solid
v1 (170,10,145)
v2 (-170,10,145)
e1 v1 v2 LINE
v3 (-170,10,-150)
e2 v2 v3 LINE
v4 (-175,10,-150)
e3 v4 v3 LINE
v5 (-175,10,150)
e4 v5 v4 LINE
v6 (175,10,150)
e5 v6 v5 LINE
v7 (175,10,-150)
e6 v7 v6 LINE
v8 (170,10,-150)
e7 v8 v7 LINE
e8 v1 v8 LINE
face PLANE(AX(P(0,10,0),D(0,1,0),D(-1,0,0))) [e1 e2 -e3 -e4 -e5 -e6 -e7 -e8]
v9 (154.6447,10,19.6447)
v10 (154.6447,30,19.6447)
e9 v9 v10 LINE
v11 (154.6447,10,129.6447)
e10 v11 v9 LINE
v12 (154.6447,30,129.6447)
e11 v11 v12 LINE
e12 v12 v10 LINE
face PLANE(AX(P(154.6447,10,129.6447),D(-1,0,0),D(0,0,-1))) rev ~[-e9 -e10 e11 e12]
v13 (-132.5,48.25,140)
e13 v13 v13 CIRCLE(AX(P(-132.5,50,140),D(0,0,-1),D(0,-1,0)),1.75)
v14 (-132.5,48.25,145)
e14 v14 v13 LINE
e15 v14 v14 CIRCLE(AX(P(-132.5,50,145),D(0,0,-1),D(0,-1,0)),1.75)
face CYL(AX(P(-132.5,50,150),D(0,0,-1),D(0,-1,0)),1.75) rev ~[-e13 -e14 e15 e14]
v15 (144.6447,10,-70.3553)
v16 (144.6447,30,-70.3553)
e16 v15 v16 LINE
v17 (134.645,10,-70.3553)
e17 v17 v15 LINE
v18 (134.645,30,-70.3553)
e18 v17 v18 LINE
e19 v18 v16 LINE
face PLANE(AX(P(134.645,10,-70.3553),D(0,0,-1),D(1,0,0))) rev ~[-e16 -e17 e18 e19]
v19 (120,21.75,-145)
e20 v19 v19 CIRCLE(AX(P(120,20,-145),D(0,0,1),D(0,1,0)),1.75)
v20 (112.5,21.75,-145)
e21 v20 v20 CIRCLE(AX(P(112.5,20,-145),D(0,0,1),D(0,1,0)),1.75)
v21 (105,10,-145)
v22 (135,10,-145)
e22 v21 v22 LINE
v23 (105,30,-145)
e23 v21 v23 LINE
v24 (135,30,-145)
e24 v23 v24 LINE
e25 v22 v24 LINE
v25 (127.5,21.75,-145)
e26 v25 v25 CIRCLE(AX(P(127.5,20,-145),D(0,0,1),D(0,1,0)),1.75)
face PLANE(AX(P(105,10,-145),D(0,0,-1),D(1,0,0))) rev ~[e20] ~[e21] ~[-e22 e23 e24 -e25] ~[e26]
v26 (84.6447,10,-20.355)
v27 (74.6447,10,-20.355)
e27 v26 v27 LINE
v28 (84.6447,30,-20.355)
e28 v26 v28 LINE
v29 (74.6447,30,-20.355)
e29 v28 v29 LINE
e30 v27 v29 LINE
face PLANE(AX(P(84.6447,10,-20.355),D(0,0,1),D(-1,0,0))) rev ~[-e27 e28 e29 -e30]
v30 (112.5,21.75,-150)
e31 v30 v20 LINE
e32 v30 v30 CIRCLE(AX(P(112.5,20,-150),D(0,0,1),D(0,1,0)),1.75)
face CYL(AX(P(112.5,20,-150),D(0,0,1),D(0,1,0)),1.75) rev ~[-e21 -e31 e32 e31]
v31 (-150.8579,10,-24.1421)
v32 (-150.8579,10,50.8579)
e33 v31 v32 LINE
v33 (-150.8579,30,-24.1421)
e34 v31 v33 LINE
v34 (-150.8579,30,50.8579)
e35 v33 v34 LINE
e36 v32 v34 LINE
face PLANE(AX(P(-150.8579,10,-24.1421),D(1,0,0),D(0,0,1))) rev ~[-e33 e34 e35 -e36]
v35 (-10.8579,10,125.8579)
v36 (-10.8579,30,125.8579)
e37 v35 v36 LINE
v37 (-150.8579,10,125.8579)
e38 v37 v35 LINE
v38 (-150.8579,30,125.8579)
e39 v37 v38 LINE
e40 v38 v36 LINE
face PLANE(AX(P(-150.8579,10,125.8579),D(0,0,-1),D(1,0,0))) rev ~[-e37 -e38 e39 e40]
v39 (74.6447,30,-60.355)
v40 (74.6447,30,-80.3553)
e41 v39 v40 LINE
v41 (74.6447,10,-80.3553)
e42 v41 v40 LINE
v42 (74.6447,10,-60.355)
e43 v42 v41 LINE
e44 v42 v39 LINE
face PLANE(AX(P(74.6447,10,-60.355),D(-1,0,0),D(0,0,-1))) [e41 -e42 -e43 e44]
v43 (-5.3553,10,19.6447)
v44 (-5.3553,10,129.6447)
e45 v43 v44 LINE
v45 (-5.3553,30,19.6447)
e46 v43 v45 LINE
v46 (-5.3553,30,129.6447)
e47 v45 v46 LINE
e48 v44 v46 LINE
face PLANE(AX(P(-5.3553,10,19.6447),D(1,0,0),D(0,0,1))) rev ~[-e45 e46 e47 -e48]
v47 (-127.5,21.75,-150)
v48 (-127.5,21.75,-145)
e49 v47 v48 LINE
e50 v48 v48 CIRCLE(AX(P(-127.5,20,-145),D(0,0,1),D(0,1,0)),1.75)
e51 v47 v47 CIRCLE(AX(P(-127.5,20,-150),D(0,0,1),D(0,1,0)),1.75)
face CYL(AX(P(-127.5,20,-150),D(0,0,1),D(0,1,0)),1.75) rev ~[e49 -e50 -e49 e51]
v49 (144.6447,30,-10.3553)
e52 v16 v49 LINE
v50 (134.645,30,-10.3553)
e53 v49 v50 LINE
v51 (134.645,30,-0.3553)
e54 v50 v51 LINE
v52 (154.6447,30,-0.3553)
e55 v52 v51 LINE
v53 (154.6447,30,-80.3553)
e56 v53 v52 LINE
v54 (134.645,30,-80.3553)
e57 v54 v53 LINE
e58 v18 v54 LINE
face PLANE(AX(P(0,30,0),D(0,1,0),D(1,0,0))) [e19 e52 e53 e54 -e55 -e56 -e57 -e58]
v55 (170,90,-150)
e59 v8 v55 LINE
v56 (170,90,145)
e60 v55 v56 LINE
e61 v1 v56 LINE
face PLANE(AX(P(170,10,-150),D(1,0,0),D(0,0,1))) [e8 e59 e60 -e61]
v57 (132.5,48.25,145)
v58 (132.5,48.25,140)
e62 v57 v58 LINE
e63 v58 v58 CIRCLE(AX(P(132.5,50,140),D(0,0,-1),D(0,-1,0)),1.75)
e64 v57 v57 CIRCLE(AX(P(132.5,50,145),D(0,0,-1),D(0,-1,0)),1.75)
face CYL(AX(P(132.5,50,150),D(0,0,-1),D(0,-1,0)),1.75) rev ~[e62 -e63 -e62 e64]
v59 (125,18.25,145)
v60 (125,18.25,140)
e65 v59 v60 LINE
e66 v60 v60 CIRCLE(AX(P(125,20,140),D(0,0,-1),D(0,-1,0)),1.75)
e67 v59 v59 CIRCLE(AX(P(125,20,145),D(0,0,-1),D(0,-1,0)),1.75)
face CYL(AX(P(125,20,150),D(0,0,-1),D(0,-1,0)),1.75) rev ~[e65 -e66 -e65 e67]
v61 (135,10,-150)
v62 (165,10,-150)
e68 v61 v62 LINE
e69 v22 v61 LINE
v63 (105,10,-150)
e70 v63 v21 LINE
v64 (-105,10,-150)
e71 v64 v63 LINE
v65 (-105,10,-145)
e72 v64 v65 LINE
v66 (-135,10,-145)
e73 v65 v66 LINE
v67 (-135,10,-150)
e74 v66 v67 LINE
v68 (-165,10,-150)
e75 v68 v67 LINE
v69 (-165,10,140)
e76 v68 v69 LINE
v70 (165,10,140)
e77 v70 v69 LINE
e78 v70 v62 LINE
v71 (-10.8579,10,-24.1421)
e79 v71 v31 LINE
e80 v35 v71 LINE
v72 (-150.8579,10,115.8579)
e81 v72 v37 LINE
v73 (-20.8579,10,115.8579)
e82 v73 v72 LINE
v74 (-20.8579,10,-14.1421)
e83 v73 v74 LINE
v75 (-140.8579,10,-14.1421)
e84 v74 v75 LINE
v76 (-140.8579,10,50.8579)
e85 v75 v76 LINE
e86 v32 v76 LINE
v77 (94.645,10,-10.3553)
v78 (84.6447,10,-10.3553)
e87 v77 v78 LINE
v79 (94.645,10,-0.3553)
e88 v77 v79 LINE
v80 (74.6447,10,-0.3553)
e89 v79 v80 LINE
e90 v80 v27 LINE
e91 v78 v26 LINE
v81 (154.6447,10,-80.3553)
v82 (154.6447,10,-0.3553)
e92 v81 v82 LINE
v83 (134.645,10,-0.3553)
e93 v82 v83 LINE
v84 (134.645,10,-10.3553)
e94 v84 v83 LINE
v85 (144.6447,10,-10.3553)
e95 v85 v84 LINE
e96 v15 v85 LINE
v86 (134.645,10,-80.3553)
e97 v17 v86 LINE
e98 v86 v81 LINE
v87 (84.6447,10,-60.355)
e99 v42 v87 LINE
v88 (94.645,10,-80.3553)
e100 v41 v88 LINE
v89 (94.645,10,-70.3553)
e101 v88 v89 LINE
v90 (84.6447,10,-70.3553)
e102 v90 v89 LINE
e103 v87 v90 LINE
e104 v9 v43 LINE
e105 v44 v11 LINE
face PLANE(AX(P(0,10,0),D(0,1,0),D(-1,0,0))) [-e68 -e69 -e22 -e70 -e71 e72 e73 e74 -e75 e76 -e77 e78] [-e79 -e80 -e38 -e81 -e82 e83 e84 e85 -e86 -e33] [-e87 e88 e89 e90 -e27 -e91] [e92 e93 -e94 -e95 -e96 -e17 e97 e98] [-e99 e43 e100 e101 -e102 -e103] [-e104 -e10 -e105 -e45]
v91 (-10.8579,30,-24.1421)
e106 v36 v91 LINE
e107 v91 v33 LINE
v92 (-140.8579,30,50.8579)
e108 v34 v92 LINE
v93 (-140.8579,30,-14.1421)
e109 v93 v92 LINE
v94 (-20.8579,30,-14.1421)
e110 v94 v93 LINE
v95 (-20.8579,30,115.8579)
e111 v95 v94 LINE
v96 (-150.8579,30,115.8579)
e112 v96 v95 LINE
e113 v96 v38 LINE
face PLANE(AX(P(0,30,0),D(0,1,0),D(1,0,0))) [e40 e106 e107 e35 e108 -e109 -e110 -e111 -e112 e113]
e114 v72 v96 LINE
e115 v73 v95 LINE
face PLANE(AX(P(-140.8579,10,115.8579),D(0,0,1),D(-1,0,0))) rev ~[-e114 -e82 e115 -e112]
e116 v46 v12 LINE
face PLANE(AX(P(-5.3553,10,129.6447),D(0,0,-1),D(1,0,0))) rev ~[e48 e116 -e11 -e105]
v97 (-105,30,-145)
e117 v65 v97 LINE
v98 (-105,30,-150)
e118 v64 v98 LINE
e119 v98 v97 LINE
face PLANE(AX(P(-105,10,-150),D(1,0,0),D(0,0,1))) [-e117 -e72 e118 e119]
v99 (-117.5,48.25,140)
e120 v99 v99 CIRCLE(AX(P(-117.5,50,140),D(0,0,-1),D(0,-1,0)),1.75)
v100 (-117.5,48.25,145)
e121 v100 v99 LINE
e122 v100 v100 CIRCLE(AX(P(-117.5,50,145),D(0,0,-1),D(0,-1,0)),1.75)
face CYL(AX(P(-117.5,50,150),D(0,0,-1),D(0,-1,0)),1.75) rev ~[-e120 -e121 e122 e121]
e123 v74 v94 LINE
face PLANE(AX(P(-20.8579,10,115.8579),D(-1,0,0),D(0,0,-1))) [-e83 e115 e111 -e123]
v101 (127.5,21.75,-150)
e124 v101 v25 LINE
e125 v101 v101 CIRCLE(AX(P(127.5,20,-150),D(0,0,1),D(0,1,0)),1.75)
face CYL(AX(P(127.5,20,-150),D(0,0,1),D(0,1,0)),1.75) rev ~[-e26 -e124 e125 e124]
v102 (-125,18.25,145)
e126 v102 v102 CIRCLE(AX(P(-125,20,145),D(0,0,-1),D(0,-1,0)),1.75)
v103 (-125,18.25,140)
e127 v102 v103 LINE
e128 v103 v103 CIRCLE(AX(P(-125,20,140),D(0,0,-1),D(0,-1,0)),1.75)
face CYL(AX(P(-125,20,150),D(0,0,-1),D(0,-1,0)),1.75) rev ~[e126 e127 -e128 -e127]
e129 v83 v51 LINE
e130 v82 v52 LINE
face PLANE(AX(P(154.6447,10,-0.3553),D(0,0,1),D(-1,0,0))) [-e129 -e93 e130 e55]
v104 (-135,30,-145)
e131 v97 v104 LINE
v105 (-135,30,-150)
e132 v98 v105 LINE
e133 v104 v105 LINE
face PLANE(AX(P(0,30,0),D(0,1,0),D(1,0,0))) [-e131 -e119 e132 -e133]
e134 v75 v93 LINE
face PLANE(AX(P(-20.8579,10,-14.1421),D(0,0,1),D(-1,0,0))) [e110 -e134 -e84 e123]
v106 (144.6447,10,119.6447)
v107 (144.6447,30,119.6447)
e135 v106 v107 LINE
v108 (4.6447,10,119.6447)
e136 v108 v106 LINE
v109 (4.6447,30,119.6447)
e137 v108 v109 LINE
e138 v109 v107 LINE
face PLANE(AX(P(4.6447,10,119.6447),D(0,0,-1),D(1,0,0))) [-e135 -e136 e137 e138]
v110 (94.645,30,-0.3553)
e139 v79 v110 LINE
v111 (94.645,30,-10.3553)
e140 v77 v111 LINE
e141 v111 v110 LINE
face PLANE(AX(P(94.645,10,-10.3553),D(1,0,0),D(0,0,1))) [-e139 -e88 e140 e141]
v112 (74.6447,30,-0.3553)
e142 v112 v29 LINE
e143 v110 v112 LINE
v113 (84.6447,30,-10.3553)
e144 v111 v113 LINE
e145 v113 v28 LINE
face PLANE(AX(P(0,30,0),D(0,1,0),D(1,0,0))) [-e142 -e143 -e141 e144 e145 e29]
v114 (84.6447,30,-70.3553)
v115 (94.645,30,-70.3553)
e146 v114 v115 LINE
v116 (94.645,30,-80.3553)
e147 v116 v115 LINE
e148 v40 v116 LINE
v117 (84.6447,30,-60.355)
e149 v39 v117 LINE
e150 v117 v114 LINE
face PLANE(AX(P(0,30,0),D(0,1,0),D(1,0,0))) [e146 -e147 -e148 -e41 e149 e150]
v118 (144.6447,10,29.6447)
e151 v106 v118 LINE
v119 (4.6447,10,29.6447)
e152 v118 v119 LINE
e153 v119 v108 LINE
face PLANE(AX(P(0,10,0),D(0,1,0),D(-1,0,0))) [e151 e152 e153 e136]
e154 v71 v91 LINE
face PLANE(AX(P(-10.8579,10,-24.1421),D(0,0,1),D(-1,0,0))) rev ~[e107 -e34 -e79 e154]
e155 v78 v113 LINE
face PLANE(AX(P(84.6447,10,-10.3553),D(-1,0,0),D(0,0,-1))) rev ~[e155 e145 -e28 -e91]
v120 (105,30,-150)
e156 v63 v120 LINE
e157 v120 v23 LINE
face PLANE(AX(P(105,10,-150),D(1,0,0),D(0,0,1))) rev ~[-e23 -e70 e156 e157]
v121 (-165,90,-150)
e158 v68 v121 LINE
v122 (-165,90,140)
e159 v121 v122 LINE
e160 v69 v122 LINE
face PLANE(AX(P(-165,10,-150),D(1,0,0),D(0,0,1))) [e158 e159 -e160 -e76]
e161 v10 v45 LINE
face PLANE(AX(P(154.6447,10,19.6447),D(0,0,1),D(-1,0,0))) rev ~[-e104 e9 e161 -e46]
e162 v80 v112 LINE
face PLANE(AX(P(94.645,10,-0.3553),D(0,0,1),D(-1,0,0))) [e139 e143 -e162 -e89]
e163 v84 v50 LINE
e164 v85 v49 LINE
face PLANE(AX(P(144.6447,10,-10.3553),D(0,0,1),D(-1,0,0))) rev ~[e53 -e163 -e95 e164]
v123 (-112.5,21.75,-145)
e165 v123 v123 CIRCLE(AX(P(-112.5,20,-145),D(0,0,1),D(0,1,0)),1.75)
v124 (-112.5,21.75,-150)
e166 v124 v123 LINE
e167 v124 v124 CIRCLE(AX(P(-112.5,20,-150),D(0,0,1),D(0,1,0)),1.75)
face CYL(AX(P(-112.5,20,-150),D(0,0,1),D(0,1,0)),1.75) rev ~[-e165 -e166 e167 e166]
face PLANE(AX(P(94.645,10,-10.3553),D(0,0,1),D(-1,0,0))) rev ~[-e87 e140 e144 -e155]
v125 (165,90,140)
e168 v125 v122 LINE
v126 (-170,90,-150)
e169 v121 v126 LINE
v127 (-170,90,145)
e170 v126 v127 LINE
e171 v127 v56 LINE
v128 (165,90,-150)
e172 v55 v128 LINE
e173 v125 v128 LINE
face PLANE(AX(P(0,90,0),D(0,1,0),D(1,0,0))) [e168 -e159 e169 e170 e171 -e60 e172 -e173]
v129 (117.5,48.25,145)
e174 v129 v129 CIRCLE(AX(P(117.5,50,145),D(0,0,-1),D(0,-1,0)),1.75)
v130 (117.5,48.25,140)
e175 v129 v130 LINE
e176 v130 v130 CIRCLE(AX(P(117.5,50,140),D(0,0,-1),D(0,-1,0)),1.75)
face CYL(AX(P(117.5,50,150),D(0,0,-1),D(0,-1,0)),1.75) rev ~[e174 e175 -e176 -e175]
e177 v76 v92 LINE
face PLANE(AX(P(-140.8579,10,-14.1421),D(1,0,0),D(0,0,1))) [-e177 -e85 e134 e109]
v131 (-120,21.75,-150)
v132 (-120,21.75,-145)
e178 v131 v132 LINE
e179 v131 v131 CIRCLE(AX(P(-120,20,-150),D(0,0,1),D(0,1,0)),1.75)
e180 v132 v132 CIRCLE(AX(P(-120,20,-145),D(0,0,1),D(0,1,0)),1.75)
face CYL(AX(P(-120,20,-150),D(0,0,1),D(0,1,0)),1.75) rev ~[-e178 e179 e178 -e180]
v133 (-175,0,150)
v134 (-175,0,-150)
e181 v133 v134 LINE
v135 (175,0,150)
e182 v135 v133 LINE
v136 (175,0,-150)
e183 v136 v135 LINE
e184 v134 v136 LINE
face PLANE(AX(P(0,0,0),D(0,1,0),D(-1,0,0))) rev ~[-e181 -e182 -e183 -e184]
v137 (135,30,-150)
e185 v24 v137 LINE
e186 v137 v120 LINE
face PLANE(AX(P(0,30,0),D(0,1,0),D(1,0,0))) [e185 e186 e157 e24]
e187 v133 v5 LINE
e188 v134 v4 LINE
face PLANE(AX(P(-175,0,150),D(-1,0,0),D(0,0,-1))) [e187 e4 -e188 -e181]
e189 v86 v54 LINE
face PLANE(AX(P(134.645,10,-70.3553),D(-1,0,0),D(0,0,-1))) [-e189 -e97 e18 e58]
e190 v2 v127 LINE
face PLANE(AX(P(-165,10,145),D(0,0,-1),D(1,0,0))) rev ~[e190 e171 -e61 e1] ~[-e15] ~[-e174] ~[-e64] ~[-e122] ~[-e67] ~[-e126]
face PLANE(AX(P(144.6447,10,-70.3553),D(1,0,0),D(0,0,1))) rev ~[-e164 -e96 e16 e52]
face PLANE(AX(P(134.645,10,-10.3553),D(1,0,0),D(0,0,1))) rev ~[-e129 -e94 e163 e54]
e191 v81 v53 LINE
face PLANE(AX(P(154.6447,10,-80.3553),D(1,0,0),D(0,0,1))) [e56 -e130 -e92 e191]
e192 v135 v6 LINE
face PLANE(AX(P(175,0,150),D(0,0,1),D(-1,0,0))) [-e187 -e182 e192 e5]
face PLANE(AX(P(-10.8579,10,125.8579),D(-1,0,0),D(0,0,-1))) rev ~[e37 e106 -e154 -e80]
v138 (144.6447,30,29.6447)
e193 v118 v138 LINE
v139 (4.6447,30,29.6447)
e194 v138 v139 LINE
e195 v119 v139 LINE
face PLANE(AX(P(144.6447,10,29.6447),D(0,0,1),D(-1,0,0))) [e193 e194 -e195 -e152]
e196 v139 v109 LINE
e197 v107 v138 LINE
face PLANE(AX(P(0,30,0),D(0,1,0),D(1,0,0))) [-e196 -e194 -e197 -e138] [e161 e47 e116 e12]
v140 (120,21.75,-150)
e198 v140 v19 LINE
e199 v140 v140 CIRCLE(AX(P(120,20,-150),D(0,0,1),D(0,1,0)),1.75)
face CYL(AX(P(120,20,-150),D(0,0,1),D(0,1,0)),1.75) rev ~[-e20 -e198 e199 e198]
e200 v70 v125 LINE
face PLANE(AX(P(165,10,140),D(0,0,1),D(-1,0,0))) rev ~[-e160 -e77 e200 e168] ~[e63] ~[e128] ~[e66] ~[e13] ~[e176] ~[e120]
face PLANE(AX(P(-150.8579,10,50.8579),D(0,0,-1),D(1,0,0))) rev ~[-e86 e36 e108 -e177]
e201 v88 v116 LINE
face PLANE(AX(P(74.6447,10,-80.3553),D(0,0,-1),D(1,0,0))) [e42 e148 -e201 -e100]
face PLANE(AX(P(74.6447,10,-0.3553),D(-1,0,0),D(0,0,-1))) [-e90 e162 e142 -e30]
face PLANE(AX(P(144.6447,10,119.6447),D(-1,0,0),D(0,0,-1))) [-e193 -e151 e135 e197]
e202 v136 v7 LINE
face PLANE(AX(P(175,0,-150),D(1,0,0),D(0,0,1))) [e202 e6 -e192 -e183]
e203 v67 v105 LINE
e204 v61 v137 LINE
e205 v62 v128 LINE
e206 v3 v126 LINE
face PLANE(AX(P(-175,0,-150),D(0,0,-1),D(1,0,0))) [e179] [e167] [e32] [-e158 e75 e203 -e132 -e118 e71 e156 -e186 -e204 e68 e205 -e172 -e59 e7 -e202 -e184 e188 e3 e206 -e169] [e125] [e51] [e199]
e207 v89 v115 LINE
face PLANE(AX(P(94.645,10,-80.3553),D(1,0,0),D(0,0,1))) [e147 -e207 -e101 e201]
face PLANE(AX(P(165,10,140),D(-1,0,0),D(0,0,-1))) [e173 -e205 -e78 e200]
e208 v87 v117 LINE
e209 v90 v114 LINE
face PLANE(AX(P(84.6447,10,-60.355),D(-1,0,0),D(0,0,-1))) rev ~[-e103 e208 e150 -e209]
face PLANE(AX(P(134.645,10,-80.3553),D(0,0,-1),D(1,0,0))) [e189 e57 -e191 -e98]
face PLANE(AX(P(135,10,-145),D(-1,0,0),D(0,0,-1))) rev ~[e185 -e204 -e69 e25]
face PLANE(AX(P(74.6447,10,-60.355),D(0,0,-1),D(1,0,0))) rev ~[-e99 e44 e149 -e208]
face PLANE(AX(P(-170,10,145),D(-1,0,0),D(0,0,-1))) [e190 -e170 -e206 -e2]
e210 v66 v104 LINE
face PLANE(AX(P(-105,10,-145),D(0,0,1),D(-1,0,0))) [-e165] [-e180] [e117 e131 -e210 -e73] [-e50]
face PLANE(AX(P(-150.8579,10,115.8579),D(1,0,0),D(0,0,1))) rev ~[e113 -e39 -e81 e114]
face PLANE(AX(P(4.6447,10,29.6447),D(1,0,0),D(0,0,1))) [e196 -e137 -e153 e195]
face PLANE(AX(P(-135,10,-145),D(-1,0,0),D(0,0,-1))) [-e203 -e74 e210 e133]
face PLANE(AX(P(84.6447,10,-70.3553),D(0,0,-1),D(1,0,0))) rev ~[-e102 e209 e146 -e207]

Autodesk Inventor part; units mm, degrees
ref_plane "YZ Plane" through (0, 0, 0) normal (1, 0, 0) x (0, 1, 0)
ref_plane "XZ Plane" through (0, 0, 0) normal (0, 1, 0) x (-1, 0, 0)
ref_plane "XY Plane" through (0, 0, 0) normal (0, 0, 1) x (1, 0, 0)
sketch "Sketch1" plane through (0, 0, 0) normal (0, 1, 0) x (-1, 0, 0)
  line L0 (-175, 150) -> (175, 150)
  line L1 (175, 150) -> (175, -150)
  line L2 (175, -150) -> (-175, -150)
  line L3 (-175, -150) -> (-175, 150)
  line L4 (-175, 150) -> (175, -150) construction
  line L5 (175, 150) -> (-175, -150) construction
  point P0 (0, 0)
  dimension "d0" = 350
  dimension "d1" = 300
extrude "Extrusion1" add sketch "Sketch1" along normal blind 10
sketch "Sketch2" plane through (0, 10, 0) normal (0, 1, 0) x (1, 0, 0)
  line L0 (175, 150) -> (-175, 150) projected
  line L1 (-175, 150) -> (-170, 150)
  line L2 (-170, 150) -> (-165, 150)
  line L3 (-165, 150) -> (-165, -145)
  line L4 (-165, -145) -> (-170, -145)
  line L5 (-170, -145) -> (-170, 150)
  line L6 (-170, -145) -> (170, -145)
  line L7 (170, -145) -> (170, -140)
  line L8 (170, -140) -> (-170, -140)
  line L9 (-170, -140) -> (-170, -145)
  line L10 (170, -140) -> (165, -140)
  line L11 (165, -140) -> (165, 150)
  line L12 (165, 150) -> (170, 150)
  line L13 (170, 150) -> (170, -140)
  point P0 (0, 0)
  point P1 (-170, 145)
  point P2 (170, 145)
  point P3 (-165, -140)
  point P4 (-165, -145)
  dimension "d5" = 5
  dimension "d6" = 5
  dimension "d7" = 5
extrude "Extrusion2" add sketch "Sketch2" along normal blind 80 contours L13 L8 L11 L0 | L7 L6 L3 L8 | L3 L8 L5 L0 | L3 L4 L5 L8
sketch "Sketch3" plane through (-175, 0, 150) normal (0, 0, 1) x (1, 0, 0)
  line L0 (5, 10) -> (5, 90) projected
  line L1 (5, 90) -> (50, 90)
  line L2 (340, 90) -> (10, 90) projected
  line L3 (50, 90) -> (50, 20)
  line L4 (345, 10) -> (345, 90) projected
  line L5 (345, 90) -> (300, 90)
  line L6 (300, 90) -> (300, 20)
  line L7 (350, 10) -> (345, 10) projected
  line L8 (350, 10) -> (350, 90)
  point P0 (175, 0)
  point P1 (307.5, 50)
  point P2 (292.5, 50)
  point P3 (42.5, 50)
  point P4 (57.5, 50)
  dimension "d10" = 45
  dimension "d11" = 70
  dimension "d12" = 45
  dimension "d13" = 70
sketch "Sketch4" plane through (0, 10, 0) normal (0, 1, 0) x (1, 0, 0)
  line L0 (165, 150) -> (-165, 150) projected
  line L1 (-165, 150) -> (-135, 150)
  line L2 (-135, 150) -> (-105, 150)
  line L3 (-105, 150) -> (-105, 145)
  line L4 (-105, 145) -> (-135, 145)
  line L5 (-135, 145) -> (-135, 150)
  line L6 (165, 150) -> (135, 150)
  line L7 (135, 150) -> (105, 150)
  line L8 (105, 150) -> (105, 145)
  line L9 (105, 145) -> (135, 145)
  line L10 (135, 145) -> (135, 150)
  point P0 (0, 0)
  dimension "d21" = 30
  dimension "d22" = 30
  dimension "d23" = 5
  dimension "d24" = 30
  dimension "d25" = 30
  dimension "d26" = 5
extrude "Extrusion3" add sketch "Sketch4" along normal blind 20
sketch "Sketch5" plane through (175, 0, -150) normal (0, 0, -1) x (-1, 0, 0)
  circle A0 centre (295, 20) radius 1.75 projected
  line L0 (287.5, 20) -> (295, 20)
  point P0 (175, 0)
  point P1 (302.5, 20)
  point P2 (55, 20)
  point P3 (62.5, 20)
  point P4 (47.5, 20)
  dimension "d45" = 7.5
hole "Hole2" at (-120, 20, -150) at (-127.5, 20, -150) at (-112.5, 20, -150) at (120, 20, -150) at (112.5, 20, -150) at (127.5, 20, -150) direction (0, 0, 1) diameter 3.5 depth 10
hole "Hole3" at (-125, 20, 150) at (125, 20, 150) at (132.5, 50, 150) at (117.5, 50, 150) at (-132.5, 50, 150) at (-117.5, 50, 150) direction (0, 0, -1) diameter 3.5 depth 10
sketch "Sketch6" plane through (0, 10, 0) normal (0, 1, 0) x (1, 0, 0)
  line L0 (-165, -140) -> (165, -140) projected
  line L1 (165, -140) -> (215, -140) construction
  line L2 (-5.3553, -129.6447) -> (154.6447, -129.6447)
  line L3 (154.6447, -129.6447) -> (154.6447, -19.6447)
  line L4 (154.6447, -19.6447) -> (-5.3553, -19.6447)
  line L5 (-5.3553, -19.6447) -> (-5.3553, -129.6447)
  line L6 (-5.3553, -129.6447) -> (154.6447, -19.6447) construction
  line L7 (154.6447, -129.6447) -> (-5.3553, -19.6447) construction
  line L8 (4.6447, -119.6447) -> (144.6447, -119.6447)
  line L9 (144.6447, -119.6447) -> (144.6447, -29.6447)
  line L10 (144.6447, -29.6447) -> (4.6447, -29.6447)
  line L11 (4.6447, -29.6447) -> (4.6447, -119.6447)
  line L12 (4.6447, -119.6447) -> (144.6447, -29.6447) construction
  line L13 (144.6447, -119.6447) -> (4.6447, -29.6447) construction
  point P0 (0, 0)
  point P1 (74.6447, -74.6447)
  dimension "d51" = 160
  dimension "d52" = 110
  dimension "d70" = 140
  dimension "d71" = 90
sketch "Sketch7" plane through (0, 10, 0) normal (0, 1, 0) x (1, 0, 0)
  line L0 (-165, -140) -> (165, -140) projected
  line L1 (-165, -140) -> (-150.8579, -125.8579)
  line L2 (-165, -140) -> (-145, -140) construction
  line L3 (-150.8579, -125.8579) -> (-10.8579, -125.8579)
  line L4 (-10.8579, -125.8579) -> (-10.8579, 24.1421)
  line L5 (-10.8579, 24.1421) -> (-150.8579, 24.1421)
  line L6 (-150.8579, 24.1421) -> (-150.8579, -125.8579)
  line L7 (-150.8579, -50.8579) -> (-80.8579, -50.8579)
  line L8 (-140.8579, -115.8579) -> (-20.8579, -115.8579)
  line L9 (-20.8579, -115.8579) -> (-20.8579, 14.1421)
  line L10 (-20.8579, 14.1421) -> (-140.8579, 14.1421)
  line L11 (-140.8579, 14.1421) -> (-140.8579, -115.8579)
  line L12 (-140.8579, -115.8579) -> (-20.8579, 14.1421) construction
  line L13 (-20.8579, -115.8579) -> (-140.8579, 14.1421) construction
  line L14 (-140.8579, -115.8579) -> (-150.8579, -115.8579)
  line L15 (-5.3553, -19.6447) -> (154.6447, -19.6447) projected
  line L16 (154.6447, -19.6447) -> (154.6447, 0.3553)
  line L17 (154.6447, 0.3553) -> (74.6447, 0.3553)
  line L18 (74.6447, 0.3553) -> (74.6447, 80.3553)
  line L19 (74.6447, 80.3553) -> (154.6447, 80.3553)
  line L20 (154.6447, 80.3553) -> (154.6447, 0.3553)
  line L21 (84.6447, 70.3553) -> (144.6447, 70.3553)
  line L22 (144.6447, 70.3553) -> (144.6447, 10.3553)
  line L23 (144.6447, 10.3553) -> (84.6447, 10.3553)
  line L24 (84.6447, 10.3553) -> (84.6447, 70.3553)
  line L25 (84.6447, 70.3553) -> (144.6447, 10.3553) construction
  line L26 (144.6447, 70.3553) -> (84.6447, 10.3553) construction
  line L27 (94.645, 70.3553) -> (134.645, 70.3553)
  line L28 (134.645, 70.3553) -> (134.645, 80.3553)
  line L29 (94.645, 80.3553) -> (94.645, 70.3553)
  line L30 (94.645, 10.3553) -> (134.645, 10.3553)
  line L31 (134.645, 0.3553) -> (94.645, 0.3553)
  line L32 (94.645, 80.3553) -> (134.645, 80.3553)
  line L33 (94.645, 10.3553) -> (94.645, 0.3553)
  line L34 (134.645, 10.3553) -> (94.645, 10.3553)
  line L35 (134.645, 10.3553) -> (134.645, 0.3553)
  line L36 (94.645, 0.3553) -> (134.645, 0.3553)
  line L37 (84.6447, 60.355) -> (84.6447, 20.355)
  line L38 (84.6447, 20.355) -> (74.6447, 20.355)
  line L39 (74.6447, 60.355) -> (84.6447, 60.355)
  point P0 (0, 0)
  point P1 (-140.8579, -50.8579)
  point P2 (114.6447, 40.3553)
  dimension "d55" = 20
  dimension "d56" = 45
  dimension "d57" = 140
  dimension "d58" = 150
  dimension "d59" = 120
  dimension "d60" = 130
  dimension "d61" = 20
  dimension "d62" = 80
  dimension "d63" = 80
  dimension "d75" = 60
  dimension "d76" = 60
  dimension "d77" = 40
  dimension "d78" = 40
extrude "Extrusion6" add sketch "Sketch6" along normal blind 20
extrude "Extrusion7" add sketch "Sketch7" along normal blind 20 contours L6 L14 L8 L9 L10 L11 L7 L5 L4 L3 | L17 L35 L23 L22 L21 L28 L19 L20 | L17 L18 L38 L24 L23 L33 | L29 L21 L24 L39 L18 L19
properties part number "Venstre_bottom"
